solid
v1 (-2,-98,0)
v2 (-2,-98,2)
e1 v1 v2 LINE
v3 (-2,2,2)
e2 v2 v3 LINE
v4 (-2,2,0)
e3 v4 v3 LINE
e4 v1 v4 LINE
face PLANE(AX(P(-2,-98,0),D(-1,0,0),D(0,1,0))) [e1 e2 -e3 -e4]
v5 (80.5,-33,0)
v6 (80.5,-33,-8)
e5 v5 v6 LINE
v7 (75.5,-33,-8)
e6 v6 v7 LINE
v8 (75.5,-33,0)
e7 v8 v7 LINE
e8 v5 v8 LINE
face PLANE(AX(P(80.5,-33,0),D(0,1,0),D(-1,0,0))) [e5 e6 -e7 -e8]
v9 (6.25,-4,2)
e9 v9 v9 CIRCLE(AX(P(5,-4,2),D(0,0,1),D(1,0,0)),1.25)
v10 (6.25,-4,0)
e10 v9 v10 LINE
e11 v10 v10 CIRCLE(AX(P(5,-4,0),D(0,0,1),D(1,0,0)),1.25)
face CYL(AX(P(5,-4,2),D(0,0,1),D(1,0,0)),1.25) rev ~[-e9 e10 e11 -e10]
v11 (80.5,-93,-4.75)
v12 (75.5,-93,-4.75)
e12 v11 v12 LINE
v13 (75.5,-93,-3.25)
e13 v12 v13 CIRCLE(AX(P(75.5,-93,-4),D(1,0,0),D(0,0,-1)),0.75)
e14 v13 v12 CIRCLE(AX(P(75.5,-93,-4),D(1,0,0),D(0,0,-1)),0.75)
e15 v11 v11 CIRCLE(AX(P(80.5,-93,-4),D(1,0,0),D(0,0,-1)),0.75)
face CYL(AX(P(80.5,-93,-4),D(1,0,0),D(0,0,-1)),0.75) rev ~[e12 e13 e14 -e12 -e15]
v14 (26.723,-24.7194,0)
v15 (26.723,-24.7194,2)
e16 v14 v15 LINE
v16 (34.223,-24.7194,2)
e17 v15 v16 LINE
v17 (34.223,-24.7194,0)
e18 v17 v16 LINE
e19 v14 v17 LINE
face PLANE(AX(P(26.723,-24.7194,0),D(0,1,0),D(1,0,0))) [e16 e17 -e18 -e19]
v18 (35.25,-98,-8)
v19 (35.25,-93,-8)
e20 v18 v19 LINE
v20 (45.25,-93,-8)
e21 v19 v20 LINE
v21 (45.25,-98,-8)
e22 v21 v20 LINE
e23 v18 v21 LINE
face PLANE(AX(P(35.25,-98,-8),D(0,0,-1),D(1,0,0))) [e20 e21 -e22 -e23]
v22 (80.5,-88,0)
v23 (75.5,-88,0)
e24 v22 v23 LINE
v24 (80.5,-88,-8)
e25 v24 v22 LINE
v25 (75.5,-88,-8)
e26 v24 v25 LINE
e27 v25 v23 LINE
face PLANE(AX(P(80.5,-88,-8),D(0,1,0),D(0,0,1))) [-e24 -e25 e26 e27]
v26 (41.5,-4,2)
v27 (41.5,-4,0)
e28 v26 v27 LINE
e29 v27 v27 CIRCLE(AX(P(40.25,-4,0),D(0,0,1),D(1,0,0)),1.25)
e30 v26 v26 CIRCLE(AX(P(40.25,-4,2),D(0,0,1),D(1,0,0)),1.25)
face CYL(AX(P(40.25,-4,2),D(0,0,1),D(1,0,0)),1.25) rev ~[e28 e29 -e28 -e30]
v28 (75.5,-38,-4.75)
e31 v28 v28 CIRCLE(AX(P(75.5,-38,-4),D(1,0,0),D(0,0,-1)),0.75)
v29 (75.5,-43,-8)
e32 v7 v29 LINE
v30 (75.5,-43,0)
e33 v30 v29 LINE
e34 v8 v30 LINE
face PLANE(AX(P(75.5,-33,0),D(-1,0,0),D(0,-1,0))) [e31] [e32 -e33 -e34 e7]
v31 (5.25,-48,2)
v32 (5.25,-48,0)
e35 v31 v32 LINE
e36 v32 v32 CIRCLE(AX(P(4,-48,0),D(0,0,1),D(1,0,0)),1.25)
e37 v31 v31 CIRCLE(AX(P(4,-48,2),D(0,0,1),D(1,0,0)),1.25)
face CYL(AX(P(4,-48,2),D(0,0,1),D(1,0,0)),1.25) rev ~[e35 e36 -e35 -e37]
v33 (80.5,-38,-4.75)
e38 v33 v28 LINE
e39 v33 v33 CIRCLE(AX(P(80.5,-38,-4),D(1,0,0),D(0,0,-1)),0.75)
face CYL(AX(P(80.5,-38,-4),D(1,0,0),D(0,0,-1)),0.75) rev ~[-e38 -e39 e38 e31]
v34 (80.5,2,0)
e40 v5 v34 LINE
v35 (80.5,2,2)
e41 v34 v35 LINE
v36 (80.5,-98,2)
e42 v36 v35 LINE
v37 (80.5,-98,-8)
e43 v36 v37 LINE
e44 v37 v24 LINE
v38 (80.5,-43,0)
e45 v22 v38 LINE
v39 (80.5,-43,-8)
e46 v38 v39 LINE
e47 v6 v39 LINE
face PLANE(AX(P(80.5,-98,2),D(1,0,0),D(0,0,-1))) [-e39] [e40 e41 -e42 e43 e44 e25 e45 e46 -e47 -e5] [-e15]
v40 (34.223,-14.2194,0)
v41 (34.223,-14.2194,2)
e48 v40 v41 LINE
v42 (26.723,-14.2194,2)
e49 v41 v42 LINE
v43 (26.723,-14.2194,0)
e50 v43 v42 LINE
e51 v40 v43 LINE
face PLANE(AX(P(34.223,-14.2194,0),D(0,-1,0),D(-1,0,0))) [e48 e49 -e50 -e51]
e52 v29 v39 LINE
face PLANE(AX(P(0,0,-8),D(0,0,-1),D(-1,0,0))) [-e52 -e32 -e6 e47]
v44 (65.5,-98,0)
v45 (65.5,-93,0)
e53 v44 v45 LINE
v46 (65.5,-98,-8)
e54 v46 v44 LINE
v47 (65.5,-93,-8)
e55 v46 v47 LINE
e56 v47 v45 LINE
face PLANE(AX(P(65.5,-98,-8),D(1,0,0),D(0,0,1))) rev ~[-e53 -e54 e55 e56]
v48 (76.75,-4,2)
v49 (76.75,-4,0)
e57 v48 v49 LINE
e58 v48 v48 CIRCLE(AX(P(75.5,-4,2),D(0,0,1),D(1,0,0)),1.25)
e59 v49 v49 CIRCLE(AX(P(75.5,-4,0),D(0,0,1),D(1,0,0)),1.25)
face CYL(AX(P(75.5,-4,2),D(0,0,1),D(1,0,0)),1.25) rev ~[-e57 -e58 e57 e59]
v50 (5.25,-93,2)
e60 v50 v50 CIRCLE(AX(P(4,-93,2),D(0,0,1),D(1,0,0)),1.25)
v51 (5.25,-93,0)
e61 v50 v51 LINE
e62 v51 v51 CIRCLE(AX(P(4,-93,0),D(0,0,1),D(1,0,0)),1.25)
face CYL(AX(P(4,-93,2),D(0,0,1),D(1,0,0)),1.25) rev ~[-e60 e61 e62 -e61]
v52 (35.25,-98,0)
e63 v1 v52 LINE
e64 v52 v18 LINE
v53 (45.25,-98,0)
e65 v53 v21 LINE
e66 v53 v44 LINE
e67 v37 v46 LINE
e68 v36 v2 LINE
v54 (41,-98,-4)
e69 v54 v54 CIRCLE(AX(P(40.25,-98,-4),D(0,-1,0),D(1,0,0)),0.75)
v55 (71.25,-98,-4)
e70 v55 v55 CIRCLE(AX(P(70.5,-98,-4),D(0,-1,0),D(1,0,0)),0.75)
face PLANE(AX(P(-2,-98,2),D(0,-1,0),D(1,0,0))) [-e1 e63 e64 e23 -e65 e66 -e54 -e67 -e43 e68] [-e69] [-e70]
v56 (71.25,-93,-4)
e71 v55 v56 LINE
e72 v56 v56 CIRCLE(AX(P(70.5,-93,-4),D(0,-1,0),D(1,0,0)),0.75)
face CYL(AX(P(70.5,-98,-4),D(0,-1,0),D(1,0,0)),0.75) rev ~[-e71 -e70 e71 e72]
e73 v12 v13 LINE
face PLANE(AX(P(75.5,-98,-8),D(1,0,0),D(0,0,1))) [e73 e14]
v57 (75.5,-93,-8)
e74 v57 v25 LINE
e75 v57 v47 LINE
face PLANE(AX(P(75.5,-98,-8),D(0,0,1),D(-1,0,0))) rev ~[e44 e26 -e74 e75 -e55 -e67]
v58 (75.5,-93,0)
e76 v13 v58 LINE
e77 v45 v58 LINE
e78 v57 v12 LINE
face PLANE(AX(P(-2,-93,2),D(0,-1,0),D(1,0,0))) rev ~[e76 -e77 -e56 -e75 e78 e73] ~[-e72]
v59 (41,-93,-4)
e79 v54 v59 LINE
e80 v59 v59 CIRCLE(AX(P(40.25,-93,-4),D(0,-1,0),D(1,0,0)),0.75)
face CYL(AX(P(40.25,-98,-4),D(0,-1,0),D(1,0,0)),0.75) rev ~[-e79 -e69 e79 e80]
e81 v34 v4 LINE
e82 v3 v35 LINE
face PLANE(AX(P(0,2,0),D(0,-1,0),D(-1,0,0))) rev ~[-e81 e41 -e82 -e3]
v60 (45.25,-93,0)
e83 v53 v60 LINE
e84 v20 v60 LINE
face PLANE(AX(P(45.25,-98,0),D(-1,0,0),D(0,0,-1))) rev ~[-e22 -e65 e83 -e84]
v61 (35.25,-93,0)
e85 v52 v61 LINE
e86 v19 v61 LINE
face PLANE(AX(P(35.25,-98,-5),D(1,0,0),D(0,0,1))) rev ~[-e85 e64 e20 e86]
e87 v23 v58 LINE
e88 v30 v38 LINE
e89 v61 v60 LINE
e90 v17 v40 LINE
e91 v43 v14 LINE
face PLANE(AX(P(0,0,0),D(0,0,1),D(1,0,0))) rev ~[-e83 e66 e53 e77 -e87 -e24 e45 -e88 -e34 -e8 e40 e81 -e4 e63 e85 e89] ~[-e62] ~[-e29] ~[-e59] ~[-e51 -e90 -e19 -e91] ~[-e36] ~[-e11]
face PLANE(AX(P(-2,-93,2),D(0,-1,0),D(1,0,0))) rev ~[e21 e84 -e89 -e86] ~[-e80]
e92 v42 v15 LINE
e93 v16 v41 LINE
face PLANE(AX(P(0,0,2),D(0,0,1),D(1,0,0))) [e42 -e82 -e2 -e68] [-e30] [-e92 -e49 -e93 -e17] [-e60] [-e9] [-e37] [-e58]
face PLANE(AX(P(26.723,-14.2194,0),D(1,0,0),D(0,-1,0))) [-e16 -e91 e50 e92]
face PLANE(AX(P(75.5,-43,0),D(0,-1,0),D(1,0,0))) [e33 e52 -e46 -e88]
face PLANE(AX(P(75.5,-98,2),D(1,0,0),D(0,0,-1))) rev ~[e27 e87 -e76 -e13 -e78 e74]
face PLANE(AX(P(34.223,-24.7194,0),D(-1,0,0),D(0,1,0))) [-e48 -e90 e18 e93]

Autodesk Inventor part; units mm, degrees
ref_plane "YZ Plane" through (0, 0, 0) normal (1, 0, 0) x (0, 1, 0)
ref_plane "XZ Plane" through (0, 0, 0) normal (0, 1, 0) x (-1, 0, 0)
ref_plane "XY Plane" through (0, 0, 0) normal (0, 0, 1) x (1, 0, 0)
ref_plane "Work Plane1" through (0, 0, 0) normal (0, 0, 1) x (1, 0, 0)
sketch "Sketch1" plane through (0, 0, 0) normal (0, 0, 1) x (1, 0, 0)
  line L0 (-2, -98) -> (8, -98) projected
  line L1 (-2, -98) -> (-2, 2) projected
  circle A0 centre (4, -93) radius 0.75 projected
  circle A1 centre (4, -48) radius 0.75 projected
  circle A2 centre (5, -4) radius 0.75 projected
  line L2 (0, 2) -> (80.5, 2) projected
  circle A3 centre (40.25, -4) radius 0.75 projected
  circle A4 centre (75.5, -4) radius 0.75 projected
  line L3 (34.223, -24.7194) -> (34.223, -14.2194)
  line L4 (26.723, -24.7194) -> (34.223, -24.7194)
  line L5 (26.723, -14.2194) -> (26.723, -24.7194)
  line L6 (34.223, -14.2194) -> (26.723, -14.2194)
  line L7 (80.5, 2) -> (-2, 2)
  line L8 (-2, 2) -> (-2, -98)
  line L9 (-2, -98) -> (80.5, -98)
  line L10 (80.5, -98) -> (80.5, 2)
  point P0 (0, 0)
  point P1 (20.6901, -14.1894)
extrude "Extrusion1" add sketch "Sketch1" along normal blind 2
sketch "Sketch2" plane through (0, 0, 0) normal (0, 0, -1) x (-1, 0, 0)
  point P0 (0, 0)
sketch "Sketch3" plane through (0, 0, 0) normal (0, 0, -1) x (-1, 0, 0)
  point P0 (0, 0)
sketch "Sketch4" plane through (80.5, -98, 0) normal (1, 0, 0) x (0, 0, -1)
  line L0 (0, 45) -> (0, 55) projected
  line L1 (0, 45) -> (5, 45) projected
  line L2 (5, 55) -> (5, 45) projected
  line L3 (0, 55) -> (5, 55) projected
  line L4 (0, 45) -> (8, 45)
  line L5 (8, 45) -> (8, 55)
  line L6 (8, 55) -> (0, 55)
  circle A0 centre (4, 50) radius 0.75
  point P0 (0, 98)
  dimension "d3" = 8
  dimension "d4" = 10
  dimension "d6" = 1.5
extrude "Extrusion2" add sketch "Sketch4" against normal blind 5
sketch "Sketch5" plane through (80.5, -98, 2) normal (1, 0, 0) x (0, 0, -1)
  line L0 (2, 45) -> (2, 0) projected
  line L1 (2, 0) -> (10, 0)
  line L2 (10, 0) -> (10, 10)
  line L3 (10, 10) -> (2, 10)
  line L4 (2, 10) -> (2, 0)
  circle A0 centre (6, 5) radius 0.75
  point P0 (2, 98)
  dimension "d9" = 8
  dimension "d10" = 10
  dimension "d12" = 1.5
extrude "Extrusion3" add sketch "Sketch5" against normal blind 5
sketch "Sketch6" plane through (-2, -98, 2) normal (0, -1, 0) x (1, 0, 0)
  line L0 (77.5, -10) -> (77.5, -2) projected
  line L1 (77.5, -10) -> (67.5, -10)
  line L2 (67.5, -10) -> (67.5, -2)
  line L3 (67.5, -2) -> (77.5, -2)
  line L4 (77.5, -2) -> (77.5, -10)
  circle A0 centre (72.5, -6) radius 0.75
  point P0 (2, -2)
  dimension "d15" = 10
  dimension "d16" = 8
  dimension "d18" = 1.5
extrude "Extrusion4" add sketch "Sketch6" against normal blind 5
sketch "Sketch7" plane through (-2, -98, 2) normal (0, -1, 0) x (1, 0, 0)
  line L0 (10, -2) -> (10, -17) projected
  line L1 (67.5, -10) -> (67.5, -2) projected
  circle A0 centre (32.473, -6) radius 0.75
  line L2 (32.473, -10) -> (27.473, -10)
  line L3 (27.473, -10) -> (27.473, -2)
  line L4 (27.473, -2) -> (37.473, -2)
  line L5 (37.473, -2) -> (37.473, -10)
  line L6 (37.473, -10) -> (32.473, -10)
  point P0 (2, -2)
  dimension "d22" = 1.5
  dimension "d25" = 4
  dimension "d26" = 5
  dimension "d27" = 8
  dimension "d28" = 10
  dimension "d29" = 8
extrude "Extrusion5" add sketch "Sketch7" against normal blind 5
sketch "Sketch8" plane through (-2, -98, 2) normal (0, -1, 0) x (1, 0, 0)
  line L0 (37.473, -10) -> (27.473, -10) projected
  line L1 (27.473, -10) -> (37.473, -10)
  line L2 (37.473, -10) -> (37.473, -2)
  line L3 (37.473, -2) -> (27.473, -2)
  line L4 (27.473, -2) -> (27.473, -10)
  point P0 (2, -2)
extrude "Extrusion6" cut sketch "Sketch8" against normal blind 5
sketch "Sketch9" plane through (-2, -98, 2) normal (0, -1, 0) x (1, 0, 0)
  line L0 (47.25, -2) -> (47.25, -7) projected
  line L1 (47.25, -7) -> (37.25, -7) projected
  line L2 (37.25, -7) -> (37.25, -2) projected
  line L3 (37.25, -2) -> (47.25, -2)
  line L4 (67.5, -2) -> (0, -2) projected
  line L5 (37.25, -2) -> (37.25, -10)
  line L6 (37.25, -10) -> (47.25, -10)
  line L7 (47.25, -10) -> (47.25, -2)
  line L8 (47.25, -2) -> (37.25, -2)
  circle A0 centre (42.25, -6) radius 0.75
  point P0 (2, -2)
  dimension "d35" = 8
  dimension "d36" = 10
  dimension "d38" = 1.5
extrude "Extrusion7" add sketch "Sketch9" against normal blind 5
sketch "Sketch10" plane through (80.5, -53, -8) normal (0, 0, -1) x (-1, 0, 0)
  line L0 (5, 10) -> (5, 0) projected
  line L1 (0, -45) -> (0, 55) projected
  line L2 (5, 0) -> (0, 0)
  line L3 (0, 0) -> (0, 10)
  line L4 (0, 10) -> (5, 10)
  line L5 (5, 10) -> (5, 0)
  point P0 (80.5, 53)
  dimension "d41" = 10
extrude "Extrusion8" cut sketch "Sketch10" against normal blind 8
sketch "Sketch11" plane through (0, 0, 0) normal (0, 0, -1) x (-1, 0, 0)
  circle A0 centre (-4, -48) radius 0.75 projected
  line L0 (-80.5, 2) -> (-80.5, -88) projected
  line L1 (-80.5, -48) -> (-80.5, -43)
  line L2 (-80.5, -43) -> (-80.5, -33)
  line L3 (-80.5, -33) -> (-75.5, -33)
  line L4 (-75.5, -33) -> (-75.5, -43)
  line L5 (-75.5, -43) -> (-80.5, -43)
  point P0 (0, 0)
  dimension "d44" = 5
  dimension "d45" = 10
  dimension "d46" = 5
  dimension "d47" = 10
extrude "Extrusion9" add sketch "Sketch11" along normal blind 8 contours L3 L4 L5 L0
sketch "Sketch12" plane through (80.5, -98, 2) normal (1, 0, 0) x (0, 0, -1)
  line L0 (10, 65) -> (10, 55) projected
  circle A0 centre (6, 60) radius 0.75
  point P0 (2, 98)
  dimension "d51" = 1.5
extrude "Extrusion10" cut sketch "Sketch12" against normal blind 5
sketch "Sketch13" plane through (0, 0, 2) normal (0, 0, 1) x (1, 0, 0)
  circle A0 centre (5, -4) radius 0.75 projected
  circle A1 centre (5, -4) radius 1.25
  circle A2 centre (40.25, -4) radius 0.75 projected
  circle A3 centre (40.25, -4) radius 1.25
  circle A4 centre (75.5, -4) radius 0.75 projected
  circle A5 centre (75.5, -4) radius 1.25
  circle A6 centre (4, -48) radius 0.75 projected
  circle A7 centre (4, -48) radius 1.25
  circle A8 centre (4, -93) radius 0.75 projected
  circle A9 centre (4, -93) radius 1.25
  point P0 (0, 0)
  dimension "d54" = 2.5
  dimension "d55" = 2.5
  dimension "d56" = 2.5
  dimension "d57" = 2.5
  dimension "d58" = 2.5
extrude "Extrusion11" cut sketch "Sketch13" against normal blind 2
properties part number "Lateral Derecho" material "Nylon 6/6"
